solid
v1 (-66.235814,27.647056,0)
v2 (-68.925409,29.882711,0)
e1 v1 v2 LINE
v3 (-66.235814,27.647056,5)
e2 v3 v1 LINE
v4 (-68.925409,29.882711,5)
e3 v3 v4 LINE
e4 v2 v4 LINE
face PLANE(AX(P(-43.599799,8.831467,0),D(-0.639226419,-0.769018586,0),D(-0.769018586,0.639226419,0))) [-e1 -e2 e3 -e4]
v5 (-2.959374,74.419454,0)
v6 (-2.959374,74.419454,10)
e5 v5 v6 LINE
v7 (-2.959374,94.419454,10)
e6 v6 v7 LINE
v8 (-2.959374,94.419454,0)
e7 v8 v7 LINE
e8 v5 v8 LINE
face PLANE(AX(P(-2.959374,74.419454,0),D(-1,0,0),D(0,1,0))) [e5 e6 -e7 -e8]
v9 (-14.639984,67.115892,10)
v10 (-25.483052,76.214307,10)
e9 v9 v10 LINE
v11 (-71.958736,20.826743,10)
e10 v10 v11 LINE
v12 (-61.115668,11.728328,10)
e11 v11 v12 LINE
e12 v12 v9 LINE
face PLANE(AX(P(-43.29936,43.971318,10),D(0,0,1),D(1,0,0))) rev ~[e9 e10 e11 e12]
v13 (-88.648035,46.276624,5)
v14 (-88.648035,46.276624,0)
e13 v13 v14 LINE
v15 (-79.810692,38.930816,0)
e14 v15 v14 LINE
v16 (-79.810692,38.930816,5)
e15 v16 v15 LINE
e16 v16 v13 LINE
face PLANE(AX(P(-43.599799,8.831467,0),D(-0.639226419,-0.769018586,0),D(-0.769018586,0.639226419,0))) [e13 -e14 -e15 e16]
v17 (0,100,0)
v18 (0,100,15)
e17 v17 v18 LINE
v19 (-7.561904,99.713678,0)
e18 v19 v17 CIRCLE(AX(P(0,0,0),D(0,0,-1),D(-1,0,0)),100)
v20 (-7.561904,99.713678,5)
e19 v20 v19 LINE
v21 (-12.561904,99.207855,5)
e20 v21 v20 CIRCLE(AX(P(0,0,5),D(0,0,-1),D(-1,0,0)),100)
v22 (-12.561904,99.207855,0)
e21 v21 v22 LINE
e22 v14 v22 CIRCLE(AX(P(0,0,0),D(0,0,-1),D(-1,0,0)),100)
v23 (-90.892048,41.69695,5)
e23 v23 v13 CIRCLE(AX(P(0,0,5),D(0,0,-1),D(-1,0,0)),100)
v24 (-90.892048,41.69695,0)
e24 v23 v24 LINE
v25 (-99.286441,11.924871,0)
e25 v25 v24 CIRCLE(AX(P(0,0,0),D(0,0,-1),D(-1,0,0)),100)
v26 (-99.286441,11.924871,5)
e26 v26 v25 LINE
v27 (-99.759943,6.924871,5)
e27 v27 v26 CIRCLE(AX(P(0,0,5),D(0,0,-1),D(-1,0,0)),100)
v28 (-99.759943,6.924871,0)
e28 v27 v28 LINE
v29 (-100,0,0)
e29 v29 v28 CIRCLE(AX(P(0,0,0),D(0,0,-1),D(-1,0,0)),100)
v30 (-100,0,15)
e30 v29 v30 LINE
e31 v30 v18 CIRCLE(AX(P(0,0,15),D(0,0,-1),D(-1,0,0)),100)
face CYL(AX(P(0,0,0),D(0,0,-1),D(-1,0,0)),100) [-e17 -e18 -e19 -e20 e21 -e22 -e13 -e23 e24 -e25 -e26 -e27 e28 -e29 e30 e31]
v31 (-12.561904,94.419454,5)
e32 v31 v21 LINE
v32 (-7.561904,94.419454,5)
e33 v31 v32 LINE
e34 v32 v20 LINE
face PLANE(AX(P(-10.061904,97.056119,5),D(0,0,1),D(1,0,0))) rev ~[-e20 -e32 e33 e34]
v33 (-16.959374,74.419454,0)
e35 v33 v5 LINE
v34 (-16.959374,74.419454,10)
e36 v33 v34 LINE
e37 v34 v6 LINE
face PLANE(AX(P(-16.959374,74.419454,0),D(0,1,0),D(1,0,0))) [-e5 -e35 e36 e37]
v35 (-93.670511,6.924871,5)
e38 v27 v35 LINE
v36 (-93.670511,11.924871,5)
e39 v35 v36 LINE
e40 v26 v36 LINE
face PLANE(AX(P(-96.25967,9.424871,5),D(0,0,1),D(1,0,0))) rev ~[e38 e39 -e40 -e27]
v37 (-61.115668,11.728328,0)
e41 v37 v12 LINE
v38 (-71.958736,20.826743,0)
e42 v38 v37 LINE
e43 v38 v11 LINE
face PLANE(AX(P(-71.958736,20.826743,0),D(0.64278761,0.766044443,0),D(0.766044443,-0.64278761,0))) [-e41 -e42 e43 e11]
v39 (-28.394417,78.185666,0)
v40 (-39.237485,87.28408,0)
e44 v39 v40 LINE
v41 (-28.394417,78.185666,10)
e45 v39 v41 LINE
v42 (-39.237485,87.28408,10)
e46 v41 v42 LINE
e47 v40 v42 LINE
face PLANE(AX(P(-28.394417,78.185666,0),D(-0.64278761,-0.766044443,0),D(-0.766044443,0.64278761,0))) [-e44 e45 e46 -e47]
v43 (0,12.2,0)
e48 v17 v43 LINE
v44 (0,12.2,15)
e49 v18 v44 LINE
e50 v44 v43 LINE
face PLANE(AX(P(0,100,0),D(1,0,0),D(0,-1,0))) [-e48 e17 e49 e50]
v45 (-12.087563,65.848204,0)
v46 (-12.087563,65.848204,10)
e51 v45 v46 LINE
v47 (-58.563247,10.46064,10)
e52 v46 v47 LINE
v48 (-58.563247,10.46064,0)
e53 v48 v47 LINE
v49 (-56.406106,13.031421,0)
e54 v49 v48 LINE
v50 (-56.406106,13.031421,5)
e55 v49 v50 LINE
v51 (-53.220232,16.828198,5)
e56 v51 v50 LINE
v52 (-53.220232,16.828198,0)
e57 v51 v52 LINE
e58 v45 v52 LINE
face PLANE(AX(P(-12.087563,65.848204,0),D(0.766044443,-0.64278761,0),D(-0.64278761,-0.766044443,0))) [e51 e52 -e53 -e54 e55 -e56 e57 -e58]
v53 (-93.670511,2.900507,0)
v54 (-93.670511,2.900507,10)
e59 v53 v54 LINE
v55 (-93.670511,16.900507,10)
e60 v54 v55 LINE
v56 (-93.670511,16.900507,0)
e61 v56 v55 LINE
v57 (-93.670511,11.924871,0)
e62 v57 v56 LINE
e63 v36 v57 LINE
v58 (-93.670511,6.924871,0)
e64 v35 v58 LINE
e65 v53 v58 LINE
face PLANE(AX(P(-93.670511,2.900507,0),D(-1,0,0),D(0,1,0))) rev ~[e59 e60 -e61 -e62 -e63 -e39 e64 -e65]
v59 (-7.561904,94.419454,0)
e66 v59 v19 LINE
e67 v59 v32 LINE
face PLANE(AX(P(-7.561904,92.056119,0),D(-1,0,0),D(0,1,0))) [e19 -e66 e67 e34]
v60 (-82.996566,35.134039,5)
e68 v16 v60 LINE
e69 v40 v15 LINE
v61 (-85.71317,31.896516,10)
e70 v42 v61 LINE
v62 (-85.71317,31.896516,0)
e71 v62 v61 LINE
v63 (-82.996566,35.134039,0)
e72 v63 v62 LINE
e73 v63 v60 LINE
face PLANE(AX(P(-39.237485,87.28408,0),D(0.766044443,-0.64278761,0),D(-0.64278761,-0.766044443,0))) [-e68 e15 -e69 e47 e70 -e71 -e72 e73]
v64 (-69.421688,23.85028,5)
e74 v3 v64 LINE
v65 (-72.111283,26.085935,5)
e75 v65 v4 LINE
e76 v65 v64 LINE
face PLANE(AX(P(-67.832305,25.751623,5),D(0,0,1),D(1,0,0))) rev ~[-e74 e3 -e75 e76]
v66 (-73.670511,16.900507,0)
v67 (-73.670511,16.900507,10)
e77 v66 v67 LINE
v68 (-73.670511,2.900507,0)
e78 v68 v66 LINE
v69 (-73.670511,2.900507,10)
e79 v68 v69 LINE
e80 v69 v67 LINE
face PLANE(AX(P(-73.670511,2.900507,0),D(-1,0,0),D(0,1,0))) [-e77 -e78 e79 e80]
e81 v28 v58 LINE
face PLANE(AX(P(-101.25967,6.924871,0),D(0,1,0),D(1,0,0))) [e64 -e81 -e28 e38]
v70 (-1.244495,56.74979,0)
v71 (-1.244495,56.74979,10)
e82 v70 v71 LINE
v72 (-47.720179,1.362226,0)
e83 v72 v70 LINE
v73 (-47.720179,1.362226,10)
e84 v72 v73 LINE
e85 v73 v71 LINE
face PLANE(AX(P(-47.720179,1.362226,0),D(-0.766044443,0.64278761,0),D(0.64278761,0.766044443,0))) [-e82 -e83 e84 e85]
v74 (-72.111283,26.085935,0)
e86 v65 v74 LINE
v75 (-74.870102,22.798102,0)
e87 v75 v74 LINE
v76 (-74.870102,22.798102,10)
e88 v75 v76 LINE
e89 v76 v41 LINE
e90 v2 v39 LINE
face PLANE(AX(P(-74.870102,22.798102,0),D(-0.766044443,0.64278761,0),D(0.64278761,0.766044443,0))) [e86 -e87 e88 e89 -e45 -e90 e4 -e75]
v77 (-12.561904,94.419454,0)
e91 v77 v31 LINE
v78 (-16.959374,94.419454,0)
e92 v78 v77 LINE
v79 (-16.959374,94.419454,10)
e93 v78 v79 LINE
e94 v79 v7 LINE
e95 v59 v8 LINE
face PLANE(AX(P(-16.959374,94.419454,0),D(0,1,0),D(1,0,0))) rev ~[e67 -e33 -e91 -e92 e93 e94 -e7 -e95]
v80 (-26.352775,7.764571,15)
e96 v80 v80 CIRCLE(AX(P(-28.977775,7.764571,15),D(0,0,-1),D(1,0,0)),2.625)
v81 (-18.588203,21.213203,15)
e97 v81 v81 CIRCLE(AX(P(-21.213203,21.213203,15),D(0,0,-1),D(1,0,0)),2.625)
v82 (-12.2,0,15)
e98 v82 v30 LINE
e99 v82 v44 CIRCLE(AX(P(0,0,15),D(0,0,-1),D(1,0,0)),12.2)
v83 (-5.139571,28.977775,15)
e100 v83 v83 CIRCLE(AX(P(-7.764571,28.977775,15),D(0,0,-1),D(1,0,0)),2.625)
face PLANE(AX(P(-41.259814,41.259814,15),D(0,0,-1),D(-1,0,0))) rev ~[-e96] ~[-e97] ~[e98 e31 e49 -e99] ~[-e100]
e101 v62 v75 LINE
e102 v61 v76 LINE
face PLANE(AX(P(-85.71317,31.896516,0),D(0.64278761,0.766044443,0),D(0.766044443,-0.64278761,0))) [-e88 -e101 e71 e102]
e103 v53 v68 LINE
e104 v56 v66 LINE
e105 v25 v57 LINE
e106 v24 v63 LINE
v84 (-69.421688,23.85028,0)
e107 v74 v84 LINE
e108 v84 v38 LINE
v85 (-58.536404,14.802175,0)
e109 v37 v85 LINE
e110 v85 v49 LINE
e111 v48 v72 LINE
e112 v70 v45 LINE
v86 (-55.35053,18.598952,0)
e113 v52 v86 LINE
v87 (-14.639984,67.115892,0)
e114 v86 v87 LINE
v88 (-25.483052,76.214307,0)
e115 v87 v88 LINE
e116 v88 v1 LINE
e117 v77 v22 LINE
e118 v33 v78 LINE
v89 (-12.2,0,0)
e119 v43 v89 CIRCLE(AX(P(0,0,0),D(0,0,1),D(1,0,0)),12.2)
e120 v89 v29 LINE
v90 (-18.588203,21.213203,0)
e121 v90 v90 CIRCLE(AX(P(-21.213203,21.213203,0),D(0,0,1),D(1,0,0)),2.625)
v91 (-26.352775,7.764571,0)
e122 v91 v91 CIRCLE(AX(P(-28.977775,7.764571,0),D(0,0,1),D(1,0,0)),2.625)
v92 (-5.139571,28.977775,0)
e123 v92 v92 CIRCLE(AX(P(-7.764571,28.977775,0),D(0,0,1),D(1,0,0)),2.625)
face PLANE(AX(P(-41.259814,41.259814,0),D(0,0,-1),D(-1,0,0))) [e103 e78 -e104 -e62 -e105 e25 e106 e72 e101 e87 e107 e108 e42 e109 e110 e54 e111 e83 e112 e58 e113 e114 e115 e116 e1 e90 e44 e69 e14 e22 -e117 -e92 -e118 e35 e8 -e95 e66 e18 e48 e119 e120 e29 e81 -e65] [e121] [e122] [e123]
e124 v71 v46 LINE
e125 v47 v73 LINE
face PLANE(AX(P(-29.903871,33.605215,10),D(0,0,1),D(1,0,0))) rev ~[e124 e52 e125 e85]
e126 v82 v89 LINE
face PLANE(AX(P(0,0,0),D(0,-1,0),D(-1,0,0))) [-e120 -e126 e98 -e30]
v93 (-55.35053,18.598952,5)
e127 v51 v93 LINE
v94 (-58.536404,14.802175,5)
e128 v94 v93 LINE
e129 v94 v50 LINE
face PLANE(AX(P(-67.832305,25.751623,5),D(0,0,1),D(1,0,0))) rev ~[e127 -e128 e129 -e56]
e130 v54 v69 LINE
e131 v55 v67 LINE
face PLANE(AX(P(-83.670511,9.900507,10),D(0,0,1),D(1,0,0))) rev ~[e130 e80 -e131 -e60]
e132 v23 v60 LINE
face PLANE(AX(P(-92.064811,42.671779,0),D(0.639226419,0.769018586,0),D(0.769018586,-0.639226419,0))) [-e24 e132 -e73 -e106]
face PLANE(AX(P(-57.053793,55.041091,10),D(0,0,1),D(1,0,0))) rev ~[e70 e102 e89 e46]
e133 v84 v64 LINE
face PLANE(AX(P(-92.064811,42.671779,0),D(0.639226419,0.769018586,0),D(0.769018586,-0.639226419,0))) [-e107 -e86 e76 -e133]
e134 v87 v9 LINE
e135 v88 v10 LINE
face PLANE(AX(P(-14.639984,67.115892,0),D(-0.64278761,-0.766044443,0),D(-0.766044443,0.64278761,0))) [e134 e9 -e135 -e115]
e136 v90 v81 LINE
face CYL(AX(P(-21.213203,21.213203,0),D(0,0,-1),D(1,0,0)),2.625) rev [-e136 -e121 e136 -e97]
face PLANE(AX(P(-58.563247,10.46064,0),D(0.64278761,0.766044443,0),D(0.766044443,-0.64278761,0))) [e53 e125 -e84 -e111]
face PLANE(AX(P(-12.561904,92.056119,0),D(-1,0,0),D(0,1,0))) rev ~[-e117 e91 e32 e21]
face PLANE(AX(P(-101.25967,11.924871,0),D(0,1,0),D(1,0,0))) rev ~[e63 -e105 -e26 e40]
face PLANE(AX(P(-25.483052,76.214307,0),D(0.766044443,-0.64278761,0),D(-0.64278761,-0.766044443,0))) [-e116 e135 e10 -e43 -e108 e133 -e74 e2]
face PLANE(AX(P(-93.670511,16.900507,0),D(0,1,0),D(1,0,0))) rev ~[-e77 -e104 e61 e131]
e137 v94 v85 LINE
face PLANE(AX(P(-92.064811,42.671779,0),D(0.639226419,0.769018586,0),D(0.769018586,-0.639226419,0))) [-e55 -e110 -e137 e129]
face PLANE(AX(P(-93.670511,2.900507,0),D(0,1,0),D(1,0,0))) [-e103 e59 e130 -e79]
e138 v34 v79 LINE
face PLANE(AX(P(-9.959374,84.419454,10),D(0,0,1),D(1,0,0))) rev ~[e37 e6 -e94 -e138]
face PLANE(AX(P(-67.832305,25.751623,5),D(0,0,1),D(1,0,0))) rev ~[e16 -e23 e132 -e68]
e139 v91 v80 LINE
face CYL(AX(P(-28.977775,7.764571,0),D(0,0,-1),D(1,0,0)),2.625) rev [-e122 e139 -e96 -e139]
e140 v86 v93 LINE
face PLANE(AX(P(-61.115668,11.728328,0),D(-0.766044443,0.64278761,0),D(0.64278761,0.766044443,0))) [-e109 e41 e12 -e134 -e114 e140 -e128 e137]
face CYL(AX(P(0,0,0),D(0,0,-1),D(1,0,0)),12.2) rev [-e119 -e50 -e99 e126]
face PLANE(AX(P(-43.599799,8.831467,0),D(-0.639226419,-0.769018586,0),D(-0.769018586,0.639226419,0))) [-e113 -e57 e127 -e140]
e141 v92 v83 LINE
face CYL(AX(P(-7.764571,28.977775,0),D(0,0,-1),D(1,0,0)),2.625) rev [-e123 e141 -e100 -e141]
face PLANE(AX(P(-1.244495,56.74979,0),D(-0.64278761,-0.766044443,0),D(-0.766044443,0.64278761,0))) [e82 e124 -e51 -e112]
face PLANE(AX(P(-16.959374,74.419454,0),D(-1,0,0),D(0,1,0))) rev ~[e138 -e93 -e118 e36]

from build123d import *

# Parameters (mm, degrees)
BOSS_EXTRUDE1_DEPTH = 15
SKETCH2_R           = 2.625
CUT_EXTRUDE1_DEPTH  = 16
SKETCH3_R           = 12.2
CUT_EXTRUDE2_DEPTH  = 20
CUT_EXTRUDE5_DEPTH  = 10
SKETCH6_W           = 14
SKETCH6_H           = 20
SKETCH6_W_2         = 20
SKETCH6_H_2         = 14
CUT_EXTRUDE6_DEPTH  = 10
SKETCH8_W           = 10
SKETCH8_H           = 5
SKETCH8_W_2         = 5
SKETCH8_H_2         = 10
CUT_EXTRUDE7_DEPTH  = 5


with BuildPart() as part:
    # Sketch1 → Boss-Extrude1 (new body)
    with BuildSketch(Plane.XY):
        with BuildLine():
            Line((0, 100), (0, 0))
            Line((0, 0), (-100, 0))
            ThreePointArc((-100, 0), (-70.710678118, 70.710678118), (0, 100))
        make_face()
    extrude(amount=BOSS_EXTRUDE1_DEPTH)

    # Sketch2 → Cut-Extrude1 (cut, through all)
    with BuildSketch(Plane.XY):
        with Locations((-7.76457135, 28.97777479)):
            Circle(SKETCH2_R)
        with Locations((-21.213203434, 21.213203438)):
            Circle(SKETCH2_R)
        with Locations((-28.977774788, 7.764571356)):
            Circle(SKETCH2_R)
    extrude(amount=CUT_EXTRUDE1_DEPTH, mode=Mode.SUBTRACT)

    # Sketch3 → Cut-Extrude2 (cut)
    with BuildSketch(Plane.XY):
        Circle(SKETCH3_R)
    extrude(amount=CUT_EXTRUDE2_DEPTH, mode=Mode.SUBTRACT)

    # Sketch5 → Cut-Extrude5 (cut)
    with BuildSketch(Plane.XY):
        Polygon((-71.95873614, 20.826742868), (-61.115668074, 11.728328454), (-14.639983633, 67.115892355), (-25.483051698, 76.21430677), align=None)
        Polygon((-58.563247101, 10.460640314), (-47.720179035, 1.3622259), (-1.244494594, 56.749789802), (-12.087562659, 65.848204216), align=None)
        Polygon((-85.713169601, 31.896516461), (-74.870101536, 22.798102046), (-28.394417094, 78.185665948), (-39.237485159, 87.284080363), align=None)
    extrude(amount=CUT_EXTRUDE5_DEPTH, mode=Mode.SUBTRACT)

    # Sketch6 → Cut-Extrude6 (cut)
    with BuildSketch(Plane.XY):
        with Locations((-9.9593736, 84.419453757)):
            Rectangle(SKETCH6_W, SKETCH6_H)
        with Locations((-83.670510765, 9.900506549)):
            Rectangle(SKETCH6_W_2, SKETCH6_H_2)
    extrude(amount=CUT_EXTRUDE6_DEPTH, mode=Mode.SUBTRACT)

    # Sketch8 → Cut-Extrude7 (cut)
    with BuildSketch(Plane.XY):
        Polygon((-43.599799459, 8.831466661), (-89.403952996, 46.904961374), (-92.064810722, 42.671778628), (-46.260657185, 4.598283915), align=None)
        with Locations((-96.259669563, 9.424871496)):
            Rectangle(SKETCH8_W, SKETCH8_H)
        with Locations((-10.06190419, 97.056119442)):
            Rectangle(SKETCH8_W_2, SKETCH8_H_2)
    extrude(amount=CUT_EXTRUDE7_DEPTH, mode=Mode.SUBTRACT)


solid = part.part
